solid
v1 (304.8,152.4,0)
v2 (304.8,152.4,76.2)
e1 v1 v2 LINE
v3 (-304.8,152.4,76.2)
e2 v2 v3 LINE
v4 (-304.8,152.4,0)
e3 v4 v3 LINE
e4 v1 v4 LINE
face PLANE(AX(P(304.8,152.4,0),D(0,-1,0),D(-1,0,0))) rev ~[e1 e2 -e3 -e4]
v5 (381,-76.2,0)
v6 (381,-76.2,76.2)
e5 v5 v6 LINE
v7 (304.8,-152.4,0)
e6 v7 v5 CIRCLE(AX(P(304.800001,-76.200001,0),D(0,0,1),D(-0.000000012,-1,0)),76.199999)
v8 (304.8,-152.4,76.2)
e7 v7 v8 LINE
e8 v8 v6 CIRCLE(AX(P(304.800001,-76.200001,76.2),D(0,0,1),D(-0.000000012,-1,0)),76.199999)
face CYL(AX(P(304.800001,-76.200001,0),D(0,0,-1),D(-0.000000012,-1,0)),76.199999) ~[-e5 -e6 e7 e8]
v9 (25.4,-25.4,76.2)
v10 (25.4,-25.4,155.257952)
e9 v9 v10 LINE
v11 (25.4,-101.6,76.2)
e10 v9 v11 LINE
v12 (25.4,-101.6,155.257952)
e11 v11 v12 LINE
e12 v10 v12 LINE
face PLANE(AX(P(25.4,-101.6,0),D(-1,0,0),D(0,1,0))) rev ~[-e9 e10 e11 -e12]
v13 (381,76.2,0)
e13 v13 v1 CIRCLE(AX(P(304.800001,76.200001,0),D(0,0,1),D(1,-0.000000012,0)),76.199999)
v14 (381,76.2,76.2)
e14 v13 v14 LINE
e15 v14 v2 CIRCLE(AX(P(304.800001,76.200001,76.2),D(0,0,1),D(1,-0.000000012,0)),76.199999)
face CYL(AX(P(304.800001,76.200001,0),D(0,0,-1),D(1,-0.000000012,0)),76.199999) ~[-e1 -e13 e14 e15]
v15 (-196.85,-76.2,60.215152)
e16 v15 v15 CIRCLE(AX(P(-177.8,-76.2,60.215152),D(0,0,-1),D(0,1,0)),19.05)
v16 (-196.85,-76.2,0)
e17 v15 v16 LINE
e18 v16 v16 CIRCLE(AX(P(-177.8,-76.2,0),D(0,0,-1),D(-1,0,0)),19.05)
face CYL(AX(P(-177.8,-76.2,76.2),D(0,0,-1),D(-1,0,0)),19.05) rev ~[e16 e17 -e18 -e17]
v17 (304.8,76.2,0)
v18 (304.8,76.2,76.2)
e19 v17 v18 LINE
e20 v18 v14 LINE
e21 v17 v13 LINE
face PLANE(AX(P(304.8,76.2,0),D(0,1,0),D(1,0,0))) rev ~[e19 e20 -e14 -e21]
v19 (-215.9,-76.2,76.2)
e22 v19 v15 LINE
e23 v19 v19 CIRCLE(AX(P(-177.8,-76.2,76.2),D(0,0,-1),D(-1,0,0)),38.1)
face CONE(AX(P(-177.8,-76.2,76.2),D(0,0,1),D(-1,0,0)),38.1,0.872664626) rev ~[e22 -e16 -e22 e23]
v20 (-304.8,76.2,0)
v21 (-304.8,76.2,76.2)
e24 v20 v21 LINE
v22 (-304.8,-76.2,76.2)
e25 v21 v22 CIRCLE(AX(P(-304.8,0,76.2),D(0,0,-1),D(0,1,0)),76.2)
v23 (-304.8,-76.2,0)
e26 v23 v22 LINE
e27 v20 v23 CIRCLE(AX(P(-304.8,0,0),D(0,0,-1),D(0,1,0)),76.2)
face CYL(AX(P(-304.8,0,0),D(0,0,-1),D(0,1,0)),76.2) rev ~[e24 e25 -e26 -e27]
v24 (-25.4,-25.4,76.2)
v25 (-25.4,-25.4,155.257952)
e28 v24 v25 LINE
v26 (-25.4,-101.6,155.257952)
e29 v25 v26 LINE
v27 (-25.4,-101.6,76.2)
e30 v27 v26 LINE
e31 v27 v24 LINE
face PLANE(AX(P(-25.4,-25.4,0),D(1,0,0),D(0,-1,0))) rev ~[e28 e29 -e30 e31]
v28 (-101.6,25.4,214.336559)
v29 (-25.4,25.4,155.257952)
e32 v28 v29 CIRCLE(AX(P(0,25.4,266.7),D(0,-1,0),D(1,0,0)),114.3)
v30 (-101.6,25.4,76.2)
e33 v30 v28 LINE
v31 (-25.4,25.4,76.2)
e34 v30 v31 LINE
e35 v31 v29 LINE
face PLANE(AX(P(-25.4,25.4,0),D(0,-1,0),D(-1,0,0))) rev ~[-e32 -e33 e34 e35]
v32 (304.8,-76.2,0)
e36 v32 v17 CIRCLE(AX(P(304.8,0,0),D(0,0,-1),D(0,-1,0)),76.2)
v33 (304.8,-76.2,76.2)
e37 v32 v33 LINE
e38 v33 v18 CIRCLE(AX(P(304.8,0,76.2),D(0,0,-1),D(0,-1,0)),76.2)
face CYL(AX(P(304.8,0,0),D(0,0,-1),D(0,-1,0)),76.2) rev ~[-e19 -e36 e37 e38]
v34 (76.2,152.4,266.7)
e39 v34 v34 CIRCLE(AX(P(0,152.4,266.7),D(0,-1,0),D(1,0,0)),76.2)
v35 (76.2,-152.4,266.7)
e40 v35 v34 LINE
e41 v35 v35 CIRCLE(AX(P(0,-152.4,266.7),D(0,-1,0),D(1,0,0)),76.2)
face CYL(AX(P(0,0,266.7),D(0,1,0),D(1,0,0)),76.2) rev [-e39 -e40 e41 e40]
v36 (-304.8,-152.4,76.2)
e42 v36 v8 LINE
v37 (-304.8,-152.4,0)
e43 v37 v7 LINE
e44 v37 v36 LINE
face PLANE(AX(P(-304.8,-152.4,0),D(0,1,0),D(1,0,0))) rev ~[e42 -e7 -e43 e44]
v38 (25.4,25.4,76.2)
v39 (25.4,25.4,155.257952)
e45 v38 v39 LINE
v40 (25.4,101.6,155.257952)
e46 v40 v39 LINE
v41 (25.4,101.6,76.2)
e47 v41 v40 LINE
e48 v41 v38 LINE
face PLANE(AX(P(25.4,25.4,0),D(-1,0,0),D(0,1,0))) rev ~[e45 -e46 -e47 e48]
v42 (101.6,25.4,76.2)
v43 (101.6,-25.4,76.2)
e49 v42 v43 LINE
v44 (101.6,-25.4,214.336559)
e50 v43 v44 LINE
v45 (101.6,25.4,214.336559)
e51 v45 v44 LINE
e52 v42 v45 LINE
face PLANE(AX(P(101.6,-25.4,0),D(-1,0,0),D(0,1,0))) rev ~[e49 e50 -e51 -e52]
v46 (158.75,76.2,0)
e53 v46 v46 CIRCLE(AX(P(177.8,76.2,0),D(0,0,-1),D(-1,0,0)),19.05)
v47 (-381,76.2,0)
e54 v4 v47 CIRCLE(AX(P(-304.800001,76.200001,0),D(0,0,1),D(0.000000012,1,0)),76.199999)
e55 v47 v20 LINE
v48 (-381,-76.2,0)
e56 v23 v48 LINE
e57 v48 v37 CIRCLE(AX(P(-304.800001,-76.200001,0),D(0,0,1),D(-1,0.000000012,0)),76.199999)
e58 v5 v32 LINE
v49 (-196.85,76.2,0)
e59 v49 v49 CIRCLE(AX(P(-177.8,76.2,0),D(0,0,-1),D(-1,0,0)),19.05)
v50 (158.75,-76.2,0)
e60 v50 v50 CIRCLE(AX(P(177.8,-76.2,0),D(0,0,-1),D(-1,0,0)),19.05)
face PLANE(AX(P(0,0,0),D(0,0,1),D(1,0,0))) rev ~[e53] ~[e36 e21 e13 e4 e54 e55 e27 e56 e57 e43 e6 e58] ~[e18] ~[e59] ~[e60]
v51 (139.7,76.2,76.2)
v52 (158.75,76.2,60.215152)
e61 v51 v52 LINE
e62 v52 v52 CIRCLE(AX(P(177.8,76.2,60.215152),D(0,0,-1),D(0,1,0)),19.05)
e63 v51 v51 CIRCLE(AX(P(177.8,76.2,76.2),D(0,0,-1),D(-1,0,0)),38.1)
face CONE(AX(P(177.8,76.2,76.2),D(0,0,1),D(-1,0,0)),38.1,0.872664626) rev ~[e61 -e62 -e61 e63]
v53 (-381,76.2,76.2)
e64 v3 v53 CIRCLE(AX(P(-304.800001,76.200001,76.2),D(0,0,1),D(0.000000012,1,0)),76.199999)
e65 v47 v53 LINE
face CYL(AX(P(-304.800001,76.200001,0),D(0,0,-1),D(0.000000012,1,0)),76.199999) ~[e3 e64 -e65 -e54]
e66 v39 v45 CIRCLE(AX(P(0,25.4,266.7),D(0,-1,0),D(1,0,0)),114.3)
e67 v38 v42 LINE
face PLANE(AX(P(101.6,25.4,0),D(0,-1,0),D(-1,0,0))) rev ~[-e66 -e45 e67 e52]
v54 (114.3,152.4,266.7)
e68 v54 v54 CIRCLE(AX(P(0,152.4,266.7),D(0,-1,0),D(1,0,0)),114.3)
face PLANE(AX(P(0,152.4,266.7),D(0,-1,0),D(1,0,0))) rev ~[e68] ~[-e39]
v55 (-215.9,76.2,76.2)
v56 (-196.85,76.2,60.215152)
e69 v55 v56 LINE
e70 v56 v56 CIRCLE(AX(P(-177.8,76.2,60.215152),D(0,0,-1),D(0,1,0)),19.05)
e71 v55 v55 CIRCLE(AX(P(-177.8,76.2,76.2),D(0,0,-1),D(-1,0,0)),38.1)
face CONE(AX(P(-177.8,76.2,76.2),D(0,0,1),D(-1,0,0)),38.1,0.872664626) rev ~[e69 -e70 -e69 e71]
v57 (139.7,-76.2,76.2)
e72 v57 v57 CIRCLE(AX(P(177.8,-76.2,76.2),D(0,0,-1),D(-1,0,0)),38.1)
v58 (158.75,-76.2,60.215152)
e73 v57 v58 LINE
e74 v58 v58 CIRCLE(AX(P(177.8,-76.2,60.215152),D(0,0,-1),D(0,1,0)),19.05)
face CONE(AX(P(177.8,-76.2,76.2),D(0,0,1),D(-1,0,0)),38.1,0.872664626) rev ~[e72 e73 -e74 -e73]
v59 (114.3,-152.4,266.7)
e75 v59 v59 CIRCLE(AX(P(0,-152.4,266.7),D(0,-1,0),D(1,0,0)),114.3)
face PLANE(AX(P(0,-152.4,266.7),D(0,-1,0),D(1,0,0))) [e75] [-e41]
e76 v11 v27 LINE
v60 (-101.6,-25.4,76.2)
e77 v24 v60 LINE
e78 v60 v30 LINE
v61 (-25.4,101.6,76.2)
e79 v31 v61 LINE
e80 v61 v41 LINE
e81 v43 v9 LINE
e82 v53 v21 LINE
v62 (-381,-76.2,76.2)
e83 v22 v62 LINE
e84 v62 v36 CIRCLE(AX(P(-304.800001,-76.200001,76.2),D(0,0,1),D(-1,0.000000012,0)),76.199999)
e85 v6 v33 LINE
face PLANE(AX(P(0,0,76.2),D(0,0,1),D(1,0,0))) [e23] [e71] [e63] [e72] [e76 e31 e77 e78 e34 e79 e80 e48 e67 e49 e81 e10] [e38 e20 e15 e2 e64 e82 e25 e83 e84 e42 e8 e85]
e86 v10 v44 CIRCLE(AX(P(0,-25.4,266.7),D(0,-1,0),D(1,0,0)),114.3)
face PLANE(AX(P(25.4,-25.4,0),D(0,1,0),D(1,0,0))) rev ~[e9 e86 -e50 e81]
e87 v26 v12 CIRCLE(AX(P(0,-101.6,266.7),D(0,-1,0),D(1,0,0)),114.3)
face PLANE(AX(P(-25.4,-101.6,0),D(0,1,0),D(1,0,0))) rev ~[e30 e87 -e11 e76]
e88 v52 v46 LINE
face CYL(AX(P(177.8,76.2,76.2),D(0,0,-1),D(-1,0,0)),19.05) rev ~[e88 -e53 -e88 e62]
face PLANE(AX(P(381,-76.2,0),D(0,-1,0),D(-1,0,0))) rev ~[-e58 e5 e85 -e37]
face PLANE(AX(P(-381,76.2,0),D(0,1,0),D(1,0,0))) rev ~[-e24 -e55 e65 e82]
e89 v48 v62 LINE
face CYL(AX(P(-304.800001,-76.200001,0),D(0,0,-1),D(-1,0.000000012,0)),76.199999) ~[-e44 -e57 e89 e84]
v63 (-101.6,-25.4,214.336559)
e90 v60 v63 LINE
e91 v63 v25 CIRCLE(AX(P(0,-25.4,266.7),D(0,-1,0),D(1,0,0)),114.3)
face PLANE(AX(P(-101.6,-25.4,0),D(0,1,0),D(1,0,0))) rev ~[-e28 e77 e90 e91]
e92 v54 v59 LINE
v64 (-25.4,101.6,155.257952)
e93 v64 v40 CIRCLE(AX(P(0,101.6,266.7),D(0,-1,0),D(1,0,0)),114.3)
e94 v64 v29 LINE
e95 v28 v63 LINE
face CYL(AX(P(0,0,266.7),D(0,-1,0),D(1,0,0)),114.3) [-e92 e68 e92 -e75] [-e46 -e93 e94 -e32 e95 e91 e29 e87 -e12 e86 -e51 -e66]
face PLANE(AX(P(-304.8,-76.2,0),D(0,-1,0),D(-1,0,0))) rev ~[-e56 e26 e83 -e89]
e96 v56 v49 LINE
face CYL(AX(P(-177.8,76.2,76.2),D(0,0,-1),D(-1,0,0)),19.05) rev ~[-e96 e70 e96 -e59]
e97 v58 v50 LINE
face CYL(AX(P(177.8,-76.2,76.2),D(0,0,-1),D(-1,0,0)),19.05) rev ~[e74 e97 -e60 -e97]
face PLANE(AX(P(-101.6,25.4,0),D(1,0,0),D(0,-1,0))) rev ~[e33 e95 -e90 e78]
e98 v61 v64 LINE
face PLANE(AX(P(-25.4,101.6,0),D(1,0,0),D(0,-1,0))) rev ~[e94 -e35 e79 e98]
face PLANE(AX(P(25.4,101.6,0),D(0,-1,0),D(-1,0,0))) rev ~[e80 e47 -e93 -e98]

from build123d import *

# Parameters (mm, degrees)
F0_R           = 38.1
F1_DEPTH       = 76.2
F2_DEPTH       = 266.7
F4_D           = 38.1
F4_CSINK_D     = 76.2
F4_CSINK_ANGLE = 100
F5_R           = 114.3
F5_R_2         = 76.2
F6_DEPTH       = 152.4
F7_DEPTH       = 152.4


with BuildPart() as f1:
    # F0 (on Top) → F1 (new body)
    with BuildSketch(Plane.XY):
        with BuildLine():
            ThreePointArc((-304.8, 76.2), (-228.6, 0), (-304.8, -76.2))
            Line((-304.8, -76.2), (-381, -76.2))
            ThreePointArc((-381, -76.2), (-358.681537, -130.081537), (-304.8, -152.4))
            Line((-304.8, -152.4), (304.8, -152.4))
            ThreePointArc((304.8, -152.4), (358.681537, -130.081537), (381, -76.2))
            Line((381, -76.2), (304.8, -76.2))
            ThreePointArc((304.8, -76.2), (228.6, 0), (304.8, 76.2))
            Line((304.8, 76.2), (381, 76.2))
            ThreePointArc((381, 76.2), (358.681537, 130.081537), (304.8, 152.4))
            Line((304.8, 152.4), (-304.8, 152.4))
            ThreePointArc((-304.8, 152.4), (-358.681537, 130.081537), (-381, 76.2))
            Line((-381, 76.2), (-304.8, 76.2))
        make_face()
        with Locations((-177.8, -76.2)):
            Circle(F0_R, mode=Mode.SUBTRACT)
        with Locations((177.8, -76.2)):
            Circle(F0_R, mode=Mode.SUBTRACT)
        with Locations((-177.8, 76.2)):
            Circle(F0_R, mode=Mode.SUBTRACT)
        Polygon((101.6, 25.4), (101.6, -25.4), (25.4, -25.4), (25.4, -101.6), (-25.4, -101.6), (-25.4, -25.4), (-101.6, -25.4), (-101.6, 25.4), (-25.4, 25.4), (-25.4, 101.6), (25.4, 101.6), (25.4, 25.4), align=None, mode=Mode.SUBTRACT)
        with Locations((177.8, 76.2)):
            Circle(F0_R, mode=Mode.SUBTRACT)
        with Locations((-177.8, 76.2)):
            Circle(F0_R)
        with Locations((-177.8, -76.2)):
            Circle(F0_R)
        with Locations((177.8, -76.2)):
            Circle(F0_R)
        with Locations((177.8, 76.2)):
            Circle(F0_R)
    extrude(amount=F1_DEPTH)

    # F0 (on Top) → F2 (join)
    with BuildSketch(Plane.XY):
        Polygon((25.4, -25.4), (101.6, -25.4), (101.6, 25.4), (25.4, 25.4), (25.4, 101.6), (-25.4, 101.6), (-25.4, 25.4), (-101.6, 25.4), (-101.6, -25.4), (-25.4, -25.4), (-25.4, -101.6), (25.4, -101.6), align=None)
    extrude(amount=F2_DEPTH)

    # F4 (through all)
    with Locations(Plane.XY.offset(76.2)):
        with Locations((-177.8, -76.2), (-177.8, 76.2), (177.8, 76.2), (177.8, -76.2)):
            CounterSinkHole(F4_D / 2, F4_CSINK_D / 2, counter_sink_angle=F4_CSINK_ANGLE)

    # F5 (on Front) → F6 (join, symmetric)
    with BuildSketch(Plane.XZ):
        with Locations((0, 266.7)):
            Circle(F5_R)
        with Locations((0, 266.7)):
            Circle(F5_R_2, mode=Mode.SUBTRACT)
    extrude(amount=F6_DEPTH, both=True)

    # F5 (on Front) → F7 (cut, symmetric)
    with BuildSketch(Plane.XZ):
        with Locations((0, 266.7)):
            Circle(F5_R_2)
    extrude(amount=F7_DEPTH, both=True, mode=Mode.SUBTRACT)


solid = f1.part
